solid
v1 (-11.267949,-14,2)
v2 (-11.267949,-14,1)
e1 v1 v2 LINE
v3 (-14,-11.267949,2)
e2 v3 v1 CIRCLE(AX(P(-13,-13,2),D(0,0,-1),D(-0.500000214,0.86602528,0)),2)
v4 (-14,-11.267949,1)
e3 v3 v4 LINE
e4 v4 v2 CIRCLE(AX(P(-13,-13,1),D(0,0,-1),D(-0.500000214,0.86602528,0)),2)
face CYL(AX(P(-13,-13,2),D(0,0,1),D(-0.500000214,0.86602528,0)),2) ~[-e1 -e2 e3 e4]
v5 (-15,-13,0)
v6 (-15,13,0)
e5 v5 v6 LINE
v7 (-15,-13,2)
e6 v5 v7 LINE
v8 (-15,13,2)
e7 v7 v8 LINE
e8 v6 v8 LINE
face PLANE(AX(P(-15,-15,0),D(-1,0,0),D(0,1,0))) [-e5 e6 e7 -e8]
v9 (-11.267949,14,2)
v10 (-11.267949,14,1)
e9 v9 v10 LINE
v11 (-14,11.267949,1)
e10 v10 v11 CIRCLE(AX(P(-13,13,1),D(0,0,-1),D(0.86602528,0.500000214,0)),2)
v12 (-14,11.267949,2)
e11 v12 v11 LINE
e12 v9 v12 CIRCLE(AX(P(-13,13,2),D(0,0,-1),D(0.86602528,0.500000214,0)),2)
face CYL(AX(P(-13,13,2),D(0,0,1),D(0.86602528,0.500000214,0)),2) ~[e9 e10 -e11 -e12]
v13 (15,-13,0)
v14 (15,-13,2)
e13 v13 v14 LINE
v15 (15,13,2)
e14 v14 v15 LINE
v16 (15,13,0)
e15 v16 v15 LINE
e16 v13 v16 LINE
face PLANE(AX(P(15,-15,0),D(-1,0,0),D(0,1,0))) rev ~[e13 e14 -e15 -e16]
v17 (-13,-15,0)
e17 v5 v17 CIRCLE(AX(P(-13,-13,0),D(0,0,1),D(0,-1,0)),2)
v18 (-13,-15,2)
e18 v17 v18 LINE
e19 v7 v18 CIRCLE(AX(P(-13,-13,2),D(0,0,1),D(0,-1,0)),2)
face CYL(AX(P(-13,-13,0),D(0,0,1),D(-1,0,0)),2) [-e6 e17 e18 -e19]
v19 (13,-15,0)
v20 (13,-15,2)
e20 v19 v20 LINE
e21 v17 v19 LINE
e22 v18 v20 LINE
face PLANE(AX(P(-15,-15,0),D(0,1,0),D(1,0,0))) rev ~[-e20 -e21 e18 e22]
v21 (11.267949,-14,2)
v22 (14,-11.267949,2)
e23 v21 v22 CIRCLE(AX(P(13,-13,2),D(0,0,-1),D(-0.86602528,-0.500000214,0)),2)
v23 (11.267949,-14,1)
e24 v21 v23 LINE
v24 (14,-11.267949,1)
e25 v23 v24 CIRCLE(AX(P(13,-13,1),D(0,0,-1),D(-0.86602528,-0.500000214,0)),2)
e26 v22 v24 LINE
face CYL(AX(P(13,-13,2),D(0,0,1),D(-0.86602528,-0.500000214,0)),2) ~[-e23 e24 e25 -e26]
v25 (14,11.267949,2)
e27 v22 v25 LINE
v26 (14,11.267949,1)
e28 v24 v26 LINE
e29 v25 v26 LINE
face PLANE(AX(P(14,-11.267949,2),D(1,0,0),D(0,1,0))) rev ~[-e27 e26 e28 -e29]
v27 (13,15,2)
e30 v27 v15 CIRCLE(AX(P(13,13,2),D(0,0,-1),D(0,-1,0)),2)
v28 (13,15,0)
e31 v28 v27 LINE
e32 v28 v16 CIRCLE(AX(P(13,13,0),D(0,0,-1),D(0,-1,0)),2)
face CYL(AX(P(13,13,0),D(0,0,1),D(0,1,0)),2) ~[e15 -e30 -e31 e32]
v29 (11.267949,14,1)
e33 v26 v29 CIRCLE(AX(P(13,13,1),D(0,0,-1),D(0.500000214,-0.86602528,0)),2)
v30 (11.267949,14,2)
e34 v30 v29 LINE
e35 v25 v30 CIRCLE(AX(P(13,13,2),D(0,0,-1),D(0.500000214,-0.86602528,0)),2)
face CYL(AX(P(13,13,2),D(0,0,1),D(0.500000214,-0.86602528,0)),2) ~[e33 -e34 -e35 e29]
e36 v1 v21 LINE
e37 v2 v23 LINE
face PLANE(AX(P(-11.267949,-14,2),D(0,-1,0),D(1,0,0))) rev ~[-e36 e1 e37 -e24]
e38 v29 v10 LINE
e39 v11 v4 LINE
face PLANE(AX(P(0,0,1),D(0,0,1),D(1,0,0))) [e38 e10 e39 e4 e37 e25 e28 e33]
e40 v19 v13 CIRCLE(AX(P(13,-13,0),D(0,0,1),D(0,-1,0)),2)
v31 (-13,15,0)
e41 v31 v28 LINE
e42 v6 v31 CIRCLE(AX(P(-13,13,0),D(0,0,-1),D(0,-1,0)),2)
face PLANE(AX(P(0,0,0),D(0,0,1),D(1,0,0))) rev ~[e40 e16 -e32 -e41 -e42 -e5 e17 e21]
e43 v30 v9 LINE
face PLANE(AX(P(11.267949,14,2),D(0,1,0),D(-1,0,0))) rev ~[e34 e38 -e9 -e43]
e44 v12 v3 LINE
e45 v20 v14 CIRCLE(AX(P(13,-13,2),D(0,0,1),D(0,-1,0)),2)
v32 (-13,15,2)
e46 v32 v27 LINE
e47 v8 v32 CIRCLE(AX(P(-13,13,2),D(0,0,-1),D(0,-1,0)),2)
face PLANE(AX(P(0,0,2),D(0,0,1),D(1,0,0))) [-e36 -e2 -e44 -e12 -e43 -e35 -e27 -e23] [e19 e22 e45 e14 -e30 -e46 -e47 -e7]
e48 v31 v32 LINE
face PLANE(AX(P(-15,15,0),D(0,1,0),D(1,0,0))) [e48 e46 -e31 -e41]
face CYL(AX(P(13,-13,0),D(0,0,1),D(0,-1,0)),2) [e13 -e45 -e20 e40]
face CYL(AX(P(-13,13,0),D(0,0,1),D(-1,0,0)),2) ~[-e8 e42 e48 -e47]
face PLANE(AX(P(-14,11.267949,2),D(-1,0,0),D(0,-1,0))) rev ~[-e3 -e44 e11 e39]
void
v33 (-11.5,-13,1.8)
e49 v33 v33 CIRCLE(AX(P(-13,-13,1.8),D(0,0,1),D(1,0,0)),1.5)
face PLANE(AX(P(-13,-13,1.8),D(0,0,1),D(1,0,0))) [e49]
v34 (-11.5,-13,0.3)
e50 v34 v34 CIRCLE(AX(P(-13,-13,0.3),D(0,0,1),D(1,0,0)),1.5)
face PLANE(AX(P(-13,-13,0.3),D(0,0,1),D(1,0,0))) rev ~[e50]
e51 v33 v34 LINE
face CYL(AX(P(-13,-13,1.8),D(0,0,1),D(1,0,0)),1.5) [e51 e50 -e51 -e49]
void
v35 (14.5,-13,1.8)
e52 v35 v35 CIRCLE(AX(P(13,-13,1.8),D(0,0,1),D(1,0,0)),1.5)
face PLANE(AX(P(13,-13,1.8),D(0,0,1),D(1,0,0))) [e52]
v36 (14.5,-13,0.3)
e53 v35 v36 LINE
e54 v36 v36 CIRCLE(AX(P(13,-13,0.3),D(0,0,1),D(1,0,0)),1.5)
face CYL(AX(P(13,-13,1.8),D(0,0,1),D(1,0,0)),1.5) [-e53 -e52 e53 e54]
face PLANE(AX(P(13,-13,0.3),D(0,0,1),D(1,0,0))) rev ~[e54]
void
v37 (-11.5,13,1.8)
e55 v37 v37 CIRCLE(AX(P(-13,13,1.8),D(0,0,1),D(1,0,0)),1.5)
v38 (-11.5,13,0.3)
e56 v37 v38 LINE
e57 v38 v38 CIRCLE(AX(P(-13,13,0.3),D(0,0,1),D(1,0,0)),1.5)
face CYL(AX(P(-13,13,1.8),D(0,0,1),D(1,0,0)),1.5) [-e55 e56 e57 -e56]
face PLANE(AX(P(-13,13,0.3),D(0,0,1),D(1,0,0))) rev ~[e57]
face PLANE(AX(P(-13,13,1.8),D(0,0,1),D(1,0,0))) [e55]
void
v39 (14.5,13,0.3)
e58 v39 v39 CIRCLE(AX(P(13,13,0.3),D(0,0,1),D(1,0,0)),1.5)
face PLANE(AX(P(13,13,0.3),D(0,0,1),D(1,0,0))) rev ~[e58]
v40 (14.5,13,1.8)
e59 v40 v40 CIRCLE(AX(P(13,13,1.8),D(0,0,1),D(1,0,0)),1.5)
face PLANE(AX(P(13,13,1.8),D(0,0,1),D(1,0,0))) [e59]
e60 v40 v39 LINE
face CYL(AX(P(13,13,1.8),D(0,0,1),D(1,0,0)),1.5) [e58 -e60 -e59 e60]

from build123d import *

# Parameters (mm, degrees)
F0_W     = 30
F0_H     = 30
F1_DEPTH = 2
F3_DEPTH = 1
F5_R     = 1.5
F6_DEPTH = 1.5
F7_R     = 2


with BuildPart() as f1:
    # F0 (on Top) → F1 (new body)
    with BuildSketch(Plane.XY):
        Rectangle(F0_W, F0_H)
    extrude(amount=F1_DEPTH)

    # F2 (on face) → F3 (cut)
    with BuildSketch(Plane.XY.offset(2)):
        with BuildLine():
            ThreePointArc((-11.267949, 14), (-11.585786, 11.585786), (-14, 11.267949))
            Line((-14, 11.267949), (-14, -11.267949))
            ThreePointArc((-14, -11.267949), (-11.585786, -11.585786), (-11.267949, -14))
            Line((-11.267949, -14), (11.267949, -14))
            ThreePointArc((11.267949, -14), (11.585786, -11.585786), (14, -11.267949))
            Line((14, -11.267949), (14, 11.267949))
            ThreePointArc((14, 11.267949), (11.585786, 11.585786), (11.267949, 14))
            Line((11.267949, 14), (-11.267949, 14))
        make_face()
    extrude(amount=-F3_DEPTH, mode=Mode.SUBTRACT)

    # F5 (on offset) → F6 (cut)
    with BuildSketch(Plane.XY.offset(1.8)):
        with Locations((-13, 13)):
            Circle(F5_R)
        with Locations((13, 13)):
            Circle(F5_R)
        with Locations((-13, -13)):
            Circle(F5_R)
        with Locations((13, -13)):
            Circle(F5_R)
    extrude(amount=-F6_DEPTH, mode=Mode.SUBTRACT)

    # F7
    f7_edges = [f1.edges().sort_by_distance(p)[0] for p in [
        (-15, 15, 1),
        (-15, -15, 1),
        (15, -15, 1),
        (15, 15, 1),
    ]]
    fillet(f7_edges, radius=F7_R)


solid = f1.part
